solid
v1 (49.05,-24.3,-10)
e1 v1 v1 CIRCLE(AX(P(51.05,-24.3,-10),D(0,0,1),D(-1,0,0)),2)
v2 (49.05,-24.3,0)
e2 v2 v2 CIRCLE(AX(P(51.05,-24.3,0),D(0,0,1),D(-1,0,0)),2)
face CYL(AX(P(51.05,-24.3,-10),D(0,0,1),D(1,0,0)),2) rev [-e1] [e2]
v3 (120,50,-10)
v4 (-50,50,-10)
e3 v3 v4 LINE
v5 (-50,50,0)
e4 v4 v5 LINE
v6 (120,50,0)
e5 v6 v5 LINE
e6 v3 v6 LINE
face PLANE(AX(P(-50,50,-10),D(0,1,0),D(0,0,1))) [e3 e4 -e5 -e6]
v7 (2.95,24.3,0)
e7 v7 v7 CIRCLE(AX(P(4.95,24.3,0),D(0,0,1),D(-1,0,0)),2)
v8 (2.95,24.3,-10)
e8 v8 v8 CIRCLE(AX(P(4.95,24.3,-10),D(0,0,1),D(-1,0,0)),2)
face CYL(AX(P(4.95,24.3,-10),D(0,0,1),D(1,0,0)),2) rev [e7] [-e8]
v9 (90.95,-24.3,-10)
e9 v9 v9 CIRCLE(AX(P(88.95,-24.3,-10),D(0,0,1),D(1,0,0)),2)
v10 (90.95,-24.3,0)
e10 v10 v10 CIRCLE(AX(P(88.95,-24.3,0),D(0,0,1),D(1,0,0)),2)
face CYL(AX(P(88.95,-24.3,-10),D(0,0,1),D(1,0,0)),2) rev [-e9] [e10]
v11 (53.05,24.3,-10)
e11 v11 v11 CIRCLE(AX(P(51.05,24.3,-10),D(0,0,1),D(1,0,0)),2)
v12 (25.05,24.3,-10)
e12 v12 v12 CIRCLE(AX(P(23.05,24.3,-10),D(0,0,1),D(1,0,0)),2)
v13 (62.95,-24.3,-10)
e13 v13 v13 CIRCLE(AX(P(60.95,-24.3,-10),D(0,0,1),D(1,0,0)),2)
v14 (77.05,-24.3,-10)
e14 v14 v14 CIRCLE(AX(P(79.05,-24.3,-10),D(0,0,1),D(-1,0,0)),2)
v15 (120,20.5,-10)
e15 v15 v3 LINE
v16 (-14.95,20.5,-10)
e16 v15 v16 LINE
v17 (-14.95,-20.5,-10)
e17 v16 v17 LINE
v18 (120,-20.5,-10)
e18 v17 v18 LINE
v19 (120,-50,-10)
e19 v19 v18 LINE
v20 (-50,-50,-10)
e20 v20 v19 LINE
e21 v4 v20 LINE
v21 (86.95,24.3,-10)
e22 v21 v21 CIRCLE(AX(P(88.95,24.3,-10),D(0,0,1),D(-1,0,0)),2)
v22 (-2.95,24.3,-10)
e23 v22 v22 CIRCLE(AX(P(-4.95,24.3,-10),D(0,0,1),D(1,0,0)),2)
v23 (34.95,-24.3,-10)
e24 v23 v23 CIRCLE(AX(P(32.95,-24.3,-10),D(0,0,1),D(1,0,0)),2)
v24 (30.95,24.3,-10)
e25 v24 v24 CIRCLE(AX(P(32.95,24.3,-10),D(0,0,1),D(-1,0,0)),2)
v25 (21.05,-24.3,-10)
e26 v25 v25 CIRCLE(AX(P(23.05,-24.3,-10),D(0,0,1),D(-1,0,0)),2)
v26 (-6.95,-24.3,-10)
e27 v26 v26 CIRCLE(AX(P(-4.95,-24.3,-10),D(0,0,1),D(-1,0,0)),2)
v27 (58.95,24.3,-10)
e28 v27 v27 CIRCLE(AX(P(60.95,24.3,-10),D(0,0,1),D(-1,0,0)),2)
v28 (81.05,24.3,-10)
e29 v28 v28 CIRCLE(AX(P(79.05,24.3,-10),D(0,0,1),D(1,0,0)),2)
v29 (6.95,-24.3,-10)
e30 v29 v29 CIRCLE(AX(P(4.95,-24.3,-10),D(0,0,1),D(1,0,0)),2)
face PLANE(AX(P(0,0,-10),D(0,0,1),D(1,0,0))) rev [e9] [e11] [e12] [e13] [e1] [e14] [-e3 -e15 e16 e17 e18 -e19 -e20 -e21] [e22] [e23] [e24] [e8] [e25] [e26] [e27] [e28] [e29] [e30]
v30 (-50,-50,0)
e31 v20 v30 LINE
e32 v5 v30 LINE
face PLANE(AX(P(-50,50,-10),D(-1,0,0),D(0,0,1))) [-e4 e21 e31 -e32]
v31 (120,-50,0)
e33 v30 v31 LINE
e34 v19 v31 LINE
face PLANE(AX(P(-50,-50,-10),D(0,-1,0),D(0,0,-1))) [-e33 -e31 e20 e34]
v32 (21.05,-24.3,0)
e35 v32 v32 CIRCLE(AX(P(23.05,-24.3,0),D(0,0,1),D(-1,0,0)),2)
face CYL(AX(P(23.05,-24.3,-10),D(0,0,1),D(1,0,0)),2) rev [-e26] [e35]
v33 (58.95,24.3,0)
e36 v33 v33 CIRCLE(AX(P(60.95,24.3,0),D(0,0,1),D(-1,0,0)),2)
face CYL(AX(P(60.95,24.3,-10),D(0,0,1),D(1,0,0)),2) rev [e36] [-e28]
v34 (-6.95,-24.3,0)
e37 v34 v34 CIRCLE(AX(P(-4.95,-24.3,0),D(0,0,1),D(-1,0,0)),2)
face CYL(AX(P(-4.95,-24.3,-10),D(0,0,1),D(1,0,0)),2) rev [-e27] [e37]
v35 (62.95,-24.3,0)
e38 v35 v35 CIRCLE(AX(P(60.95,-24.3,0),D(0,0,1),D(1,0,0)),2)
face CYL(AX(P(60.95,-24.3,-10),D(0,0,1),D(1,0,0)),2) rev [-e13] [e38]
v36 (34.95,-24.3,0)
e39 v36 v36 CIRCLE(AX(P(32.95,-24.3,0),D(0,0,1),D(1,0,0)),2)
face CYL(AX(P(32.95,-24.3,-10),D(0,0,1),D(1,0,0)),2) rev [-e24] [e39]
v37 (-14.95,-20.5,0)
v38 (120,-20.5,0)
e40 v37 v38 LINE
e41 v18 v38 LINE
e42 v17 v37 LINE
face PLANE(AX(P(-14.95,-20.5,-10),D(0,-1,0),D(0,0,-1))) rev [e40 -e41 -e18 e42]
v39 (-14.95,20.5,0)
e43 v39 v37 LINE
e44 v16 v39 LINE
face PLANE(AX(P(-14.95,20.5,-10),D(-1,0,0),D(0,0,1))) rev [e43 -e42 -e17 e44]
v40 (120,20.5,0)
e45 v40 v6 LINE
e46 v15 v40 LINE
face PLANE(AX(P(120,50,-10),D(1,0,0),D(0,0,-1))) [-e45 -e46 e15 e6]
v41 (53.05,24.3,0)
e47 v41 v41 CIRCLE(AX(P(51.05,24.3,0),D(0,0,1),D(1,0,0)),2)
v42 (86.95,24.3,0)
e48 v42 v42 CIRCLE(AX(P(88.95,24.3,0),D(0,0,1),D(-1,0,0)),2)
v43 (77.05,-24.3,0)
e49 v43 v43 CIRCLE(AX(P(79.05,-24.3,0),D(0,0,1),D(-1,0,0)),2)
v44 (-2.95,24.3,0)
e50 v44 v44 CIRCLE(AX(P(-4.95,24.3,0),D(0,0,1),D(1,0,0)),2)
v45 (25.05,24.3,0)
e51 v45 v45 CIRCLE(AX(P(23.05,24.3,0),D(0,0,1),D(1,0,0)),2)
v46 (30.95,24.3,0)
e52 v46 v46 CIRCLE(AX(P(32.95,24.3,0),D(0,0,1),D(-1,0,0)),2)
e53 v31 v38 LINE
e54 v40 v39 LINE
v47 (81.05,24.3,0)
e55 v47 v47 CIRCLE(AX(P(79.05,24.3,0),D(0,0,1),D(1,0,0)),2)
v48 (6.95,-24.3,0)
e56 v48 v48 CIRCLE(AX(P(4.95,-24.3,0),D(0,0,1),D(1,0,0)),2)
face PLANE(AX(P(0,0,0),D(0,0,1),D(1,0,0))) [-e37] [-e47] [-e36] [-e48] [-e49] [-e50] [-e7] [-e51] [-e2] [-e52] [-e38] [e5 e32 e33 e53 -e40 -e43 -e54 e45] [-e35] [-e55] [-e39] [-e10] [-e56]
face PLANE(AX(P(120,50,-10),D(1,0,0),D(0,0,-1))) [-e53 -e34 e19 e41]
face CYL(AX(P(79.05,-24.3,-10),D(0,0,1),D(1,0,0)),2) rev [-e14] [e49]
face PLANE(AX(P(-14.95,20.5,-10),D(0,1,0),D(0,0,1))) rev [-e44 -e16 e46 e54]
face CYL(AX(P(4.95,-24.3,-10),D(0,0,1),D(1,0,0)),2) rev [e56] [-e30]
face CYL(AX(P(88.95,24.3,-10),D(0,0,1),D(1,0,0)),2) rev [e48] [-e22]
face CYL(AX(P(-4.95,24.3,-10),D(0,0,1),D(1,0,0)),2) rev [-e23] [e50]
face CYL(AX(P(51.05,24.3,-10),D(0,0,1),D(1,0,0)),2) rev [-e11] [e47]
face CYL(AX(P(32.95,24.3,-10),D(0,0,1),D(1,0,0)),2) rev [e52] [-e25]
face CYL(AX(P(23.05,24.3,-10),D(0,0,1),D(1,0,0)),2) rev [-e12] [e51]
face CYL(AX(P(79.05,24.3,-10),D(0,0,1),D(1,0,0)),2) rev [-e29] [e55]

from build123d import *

# Parameters (mm, degrees)
SKETCH7_W           = 170
SKETCH7_H           = 100
BOSS_EXTRUDE1_DEPTH = 10
SKETCH1_R           = 2
CUT_EXTRUDE2_DEPTH  = 131.384048104
LPATTERN1_COUNT     = 4
LPATTERN1_PITCH     = 28
SKETCH8_W           = 134.95
SKETCH8_H           = 41
CUT_EXTRUDE3_DEPTH  = 131.384048104


with BuildPart() as part:
    # Sketch7 → Boss-Extrude1 (new body)
    with BuildSketch(Plane.XY):
        with Locations((35, 0)):
            Rectangle(SKETCH7_W, SKETCH7_H)
    extrude(amount=-BOSS_EXTRUDE1_DEPTH)

    # Sketch1 → Cut-Extrude2 (cut, through all)
    with BuildSketch(Plane.XY):
        with Locations((4.95, -24.3)):
            Circle(SKETCH1_R)
        with Locations(Location((-4.95, -24.3, 0), (0, 0, 180))):
            Circle(SKETCH1_R)
        with Locations((-4.95, 24.3)):
            Circle(SKETCH1_R)
        with Locations(Location((4.95, 24.3, 0), (0, 0, 180))):
            Circle(SKETCH1_R)
    cut_extrude2 = extrude(amount=-CUT_EXTRUDE2_DEPTH, mode=Mode.SUBTRACT)

    # LPattern1: Cut-Extrude2 ×4
    with Locations(*[(i * LPATTERN1_PITCH, 0, 0) for i in range(1, LPATTERN1_COUNT)]):
        add(cut_extrude2, mode=Mode.SUBTRACT)

    # Sketch8 → Cut-Extrude3 (cut, through all)
    with BuildSketch(Plane.XY):
        with Locations((52.525, 0)):
            Rectangle(SKETCH8_W, SKETCH8_H)
    extrude(amount=-CUT_EXTRUDE3_DEPTH, mode=Mode.SUBTRACT)


solid = part.part
